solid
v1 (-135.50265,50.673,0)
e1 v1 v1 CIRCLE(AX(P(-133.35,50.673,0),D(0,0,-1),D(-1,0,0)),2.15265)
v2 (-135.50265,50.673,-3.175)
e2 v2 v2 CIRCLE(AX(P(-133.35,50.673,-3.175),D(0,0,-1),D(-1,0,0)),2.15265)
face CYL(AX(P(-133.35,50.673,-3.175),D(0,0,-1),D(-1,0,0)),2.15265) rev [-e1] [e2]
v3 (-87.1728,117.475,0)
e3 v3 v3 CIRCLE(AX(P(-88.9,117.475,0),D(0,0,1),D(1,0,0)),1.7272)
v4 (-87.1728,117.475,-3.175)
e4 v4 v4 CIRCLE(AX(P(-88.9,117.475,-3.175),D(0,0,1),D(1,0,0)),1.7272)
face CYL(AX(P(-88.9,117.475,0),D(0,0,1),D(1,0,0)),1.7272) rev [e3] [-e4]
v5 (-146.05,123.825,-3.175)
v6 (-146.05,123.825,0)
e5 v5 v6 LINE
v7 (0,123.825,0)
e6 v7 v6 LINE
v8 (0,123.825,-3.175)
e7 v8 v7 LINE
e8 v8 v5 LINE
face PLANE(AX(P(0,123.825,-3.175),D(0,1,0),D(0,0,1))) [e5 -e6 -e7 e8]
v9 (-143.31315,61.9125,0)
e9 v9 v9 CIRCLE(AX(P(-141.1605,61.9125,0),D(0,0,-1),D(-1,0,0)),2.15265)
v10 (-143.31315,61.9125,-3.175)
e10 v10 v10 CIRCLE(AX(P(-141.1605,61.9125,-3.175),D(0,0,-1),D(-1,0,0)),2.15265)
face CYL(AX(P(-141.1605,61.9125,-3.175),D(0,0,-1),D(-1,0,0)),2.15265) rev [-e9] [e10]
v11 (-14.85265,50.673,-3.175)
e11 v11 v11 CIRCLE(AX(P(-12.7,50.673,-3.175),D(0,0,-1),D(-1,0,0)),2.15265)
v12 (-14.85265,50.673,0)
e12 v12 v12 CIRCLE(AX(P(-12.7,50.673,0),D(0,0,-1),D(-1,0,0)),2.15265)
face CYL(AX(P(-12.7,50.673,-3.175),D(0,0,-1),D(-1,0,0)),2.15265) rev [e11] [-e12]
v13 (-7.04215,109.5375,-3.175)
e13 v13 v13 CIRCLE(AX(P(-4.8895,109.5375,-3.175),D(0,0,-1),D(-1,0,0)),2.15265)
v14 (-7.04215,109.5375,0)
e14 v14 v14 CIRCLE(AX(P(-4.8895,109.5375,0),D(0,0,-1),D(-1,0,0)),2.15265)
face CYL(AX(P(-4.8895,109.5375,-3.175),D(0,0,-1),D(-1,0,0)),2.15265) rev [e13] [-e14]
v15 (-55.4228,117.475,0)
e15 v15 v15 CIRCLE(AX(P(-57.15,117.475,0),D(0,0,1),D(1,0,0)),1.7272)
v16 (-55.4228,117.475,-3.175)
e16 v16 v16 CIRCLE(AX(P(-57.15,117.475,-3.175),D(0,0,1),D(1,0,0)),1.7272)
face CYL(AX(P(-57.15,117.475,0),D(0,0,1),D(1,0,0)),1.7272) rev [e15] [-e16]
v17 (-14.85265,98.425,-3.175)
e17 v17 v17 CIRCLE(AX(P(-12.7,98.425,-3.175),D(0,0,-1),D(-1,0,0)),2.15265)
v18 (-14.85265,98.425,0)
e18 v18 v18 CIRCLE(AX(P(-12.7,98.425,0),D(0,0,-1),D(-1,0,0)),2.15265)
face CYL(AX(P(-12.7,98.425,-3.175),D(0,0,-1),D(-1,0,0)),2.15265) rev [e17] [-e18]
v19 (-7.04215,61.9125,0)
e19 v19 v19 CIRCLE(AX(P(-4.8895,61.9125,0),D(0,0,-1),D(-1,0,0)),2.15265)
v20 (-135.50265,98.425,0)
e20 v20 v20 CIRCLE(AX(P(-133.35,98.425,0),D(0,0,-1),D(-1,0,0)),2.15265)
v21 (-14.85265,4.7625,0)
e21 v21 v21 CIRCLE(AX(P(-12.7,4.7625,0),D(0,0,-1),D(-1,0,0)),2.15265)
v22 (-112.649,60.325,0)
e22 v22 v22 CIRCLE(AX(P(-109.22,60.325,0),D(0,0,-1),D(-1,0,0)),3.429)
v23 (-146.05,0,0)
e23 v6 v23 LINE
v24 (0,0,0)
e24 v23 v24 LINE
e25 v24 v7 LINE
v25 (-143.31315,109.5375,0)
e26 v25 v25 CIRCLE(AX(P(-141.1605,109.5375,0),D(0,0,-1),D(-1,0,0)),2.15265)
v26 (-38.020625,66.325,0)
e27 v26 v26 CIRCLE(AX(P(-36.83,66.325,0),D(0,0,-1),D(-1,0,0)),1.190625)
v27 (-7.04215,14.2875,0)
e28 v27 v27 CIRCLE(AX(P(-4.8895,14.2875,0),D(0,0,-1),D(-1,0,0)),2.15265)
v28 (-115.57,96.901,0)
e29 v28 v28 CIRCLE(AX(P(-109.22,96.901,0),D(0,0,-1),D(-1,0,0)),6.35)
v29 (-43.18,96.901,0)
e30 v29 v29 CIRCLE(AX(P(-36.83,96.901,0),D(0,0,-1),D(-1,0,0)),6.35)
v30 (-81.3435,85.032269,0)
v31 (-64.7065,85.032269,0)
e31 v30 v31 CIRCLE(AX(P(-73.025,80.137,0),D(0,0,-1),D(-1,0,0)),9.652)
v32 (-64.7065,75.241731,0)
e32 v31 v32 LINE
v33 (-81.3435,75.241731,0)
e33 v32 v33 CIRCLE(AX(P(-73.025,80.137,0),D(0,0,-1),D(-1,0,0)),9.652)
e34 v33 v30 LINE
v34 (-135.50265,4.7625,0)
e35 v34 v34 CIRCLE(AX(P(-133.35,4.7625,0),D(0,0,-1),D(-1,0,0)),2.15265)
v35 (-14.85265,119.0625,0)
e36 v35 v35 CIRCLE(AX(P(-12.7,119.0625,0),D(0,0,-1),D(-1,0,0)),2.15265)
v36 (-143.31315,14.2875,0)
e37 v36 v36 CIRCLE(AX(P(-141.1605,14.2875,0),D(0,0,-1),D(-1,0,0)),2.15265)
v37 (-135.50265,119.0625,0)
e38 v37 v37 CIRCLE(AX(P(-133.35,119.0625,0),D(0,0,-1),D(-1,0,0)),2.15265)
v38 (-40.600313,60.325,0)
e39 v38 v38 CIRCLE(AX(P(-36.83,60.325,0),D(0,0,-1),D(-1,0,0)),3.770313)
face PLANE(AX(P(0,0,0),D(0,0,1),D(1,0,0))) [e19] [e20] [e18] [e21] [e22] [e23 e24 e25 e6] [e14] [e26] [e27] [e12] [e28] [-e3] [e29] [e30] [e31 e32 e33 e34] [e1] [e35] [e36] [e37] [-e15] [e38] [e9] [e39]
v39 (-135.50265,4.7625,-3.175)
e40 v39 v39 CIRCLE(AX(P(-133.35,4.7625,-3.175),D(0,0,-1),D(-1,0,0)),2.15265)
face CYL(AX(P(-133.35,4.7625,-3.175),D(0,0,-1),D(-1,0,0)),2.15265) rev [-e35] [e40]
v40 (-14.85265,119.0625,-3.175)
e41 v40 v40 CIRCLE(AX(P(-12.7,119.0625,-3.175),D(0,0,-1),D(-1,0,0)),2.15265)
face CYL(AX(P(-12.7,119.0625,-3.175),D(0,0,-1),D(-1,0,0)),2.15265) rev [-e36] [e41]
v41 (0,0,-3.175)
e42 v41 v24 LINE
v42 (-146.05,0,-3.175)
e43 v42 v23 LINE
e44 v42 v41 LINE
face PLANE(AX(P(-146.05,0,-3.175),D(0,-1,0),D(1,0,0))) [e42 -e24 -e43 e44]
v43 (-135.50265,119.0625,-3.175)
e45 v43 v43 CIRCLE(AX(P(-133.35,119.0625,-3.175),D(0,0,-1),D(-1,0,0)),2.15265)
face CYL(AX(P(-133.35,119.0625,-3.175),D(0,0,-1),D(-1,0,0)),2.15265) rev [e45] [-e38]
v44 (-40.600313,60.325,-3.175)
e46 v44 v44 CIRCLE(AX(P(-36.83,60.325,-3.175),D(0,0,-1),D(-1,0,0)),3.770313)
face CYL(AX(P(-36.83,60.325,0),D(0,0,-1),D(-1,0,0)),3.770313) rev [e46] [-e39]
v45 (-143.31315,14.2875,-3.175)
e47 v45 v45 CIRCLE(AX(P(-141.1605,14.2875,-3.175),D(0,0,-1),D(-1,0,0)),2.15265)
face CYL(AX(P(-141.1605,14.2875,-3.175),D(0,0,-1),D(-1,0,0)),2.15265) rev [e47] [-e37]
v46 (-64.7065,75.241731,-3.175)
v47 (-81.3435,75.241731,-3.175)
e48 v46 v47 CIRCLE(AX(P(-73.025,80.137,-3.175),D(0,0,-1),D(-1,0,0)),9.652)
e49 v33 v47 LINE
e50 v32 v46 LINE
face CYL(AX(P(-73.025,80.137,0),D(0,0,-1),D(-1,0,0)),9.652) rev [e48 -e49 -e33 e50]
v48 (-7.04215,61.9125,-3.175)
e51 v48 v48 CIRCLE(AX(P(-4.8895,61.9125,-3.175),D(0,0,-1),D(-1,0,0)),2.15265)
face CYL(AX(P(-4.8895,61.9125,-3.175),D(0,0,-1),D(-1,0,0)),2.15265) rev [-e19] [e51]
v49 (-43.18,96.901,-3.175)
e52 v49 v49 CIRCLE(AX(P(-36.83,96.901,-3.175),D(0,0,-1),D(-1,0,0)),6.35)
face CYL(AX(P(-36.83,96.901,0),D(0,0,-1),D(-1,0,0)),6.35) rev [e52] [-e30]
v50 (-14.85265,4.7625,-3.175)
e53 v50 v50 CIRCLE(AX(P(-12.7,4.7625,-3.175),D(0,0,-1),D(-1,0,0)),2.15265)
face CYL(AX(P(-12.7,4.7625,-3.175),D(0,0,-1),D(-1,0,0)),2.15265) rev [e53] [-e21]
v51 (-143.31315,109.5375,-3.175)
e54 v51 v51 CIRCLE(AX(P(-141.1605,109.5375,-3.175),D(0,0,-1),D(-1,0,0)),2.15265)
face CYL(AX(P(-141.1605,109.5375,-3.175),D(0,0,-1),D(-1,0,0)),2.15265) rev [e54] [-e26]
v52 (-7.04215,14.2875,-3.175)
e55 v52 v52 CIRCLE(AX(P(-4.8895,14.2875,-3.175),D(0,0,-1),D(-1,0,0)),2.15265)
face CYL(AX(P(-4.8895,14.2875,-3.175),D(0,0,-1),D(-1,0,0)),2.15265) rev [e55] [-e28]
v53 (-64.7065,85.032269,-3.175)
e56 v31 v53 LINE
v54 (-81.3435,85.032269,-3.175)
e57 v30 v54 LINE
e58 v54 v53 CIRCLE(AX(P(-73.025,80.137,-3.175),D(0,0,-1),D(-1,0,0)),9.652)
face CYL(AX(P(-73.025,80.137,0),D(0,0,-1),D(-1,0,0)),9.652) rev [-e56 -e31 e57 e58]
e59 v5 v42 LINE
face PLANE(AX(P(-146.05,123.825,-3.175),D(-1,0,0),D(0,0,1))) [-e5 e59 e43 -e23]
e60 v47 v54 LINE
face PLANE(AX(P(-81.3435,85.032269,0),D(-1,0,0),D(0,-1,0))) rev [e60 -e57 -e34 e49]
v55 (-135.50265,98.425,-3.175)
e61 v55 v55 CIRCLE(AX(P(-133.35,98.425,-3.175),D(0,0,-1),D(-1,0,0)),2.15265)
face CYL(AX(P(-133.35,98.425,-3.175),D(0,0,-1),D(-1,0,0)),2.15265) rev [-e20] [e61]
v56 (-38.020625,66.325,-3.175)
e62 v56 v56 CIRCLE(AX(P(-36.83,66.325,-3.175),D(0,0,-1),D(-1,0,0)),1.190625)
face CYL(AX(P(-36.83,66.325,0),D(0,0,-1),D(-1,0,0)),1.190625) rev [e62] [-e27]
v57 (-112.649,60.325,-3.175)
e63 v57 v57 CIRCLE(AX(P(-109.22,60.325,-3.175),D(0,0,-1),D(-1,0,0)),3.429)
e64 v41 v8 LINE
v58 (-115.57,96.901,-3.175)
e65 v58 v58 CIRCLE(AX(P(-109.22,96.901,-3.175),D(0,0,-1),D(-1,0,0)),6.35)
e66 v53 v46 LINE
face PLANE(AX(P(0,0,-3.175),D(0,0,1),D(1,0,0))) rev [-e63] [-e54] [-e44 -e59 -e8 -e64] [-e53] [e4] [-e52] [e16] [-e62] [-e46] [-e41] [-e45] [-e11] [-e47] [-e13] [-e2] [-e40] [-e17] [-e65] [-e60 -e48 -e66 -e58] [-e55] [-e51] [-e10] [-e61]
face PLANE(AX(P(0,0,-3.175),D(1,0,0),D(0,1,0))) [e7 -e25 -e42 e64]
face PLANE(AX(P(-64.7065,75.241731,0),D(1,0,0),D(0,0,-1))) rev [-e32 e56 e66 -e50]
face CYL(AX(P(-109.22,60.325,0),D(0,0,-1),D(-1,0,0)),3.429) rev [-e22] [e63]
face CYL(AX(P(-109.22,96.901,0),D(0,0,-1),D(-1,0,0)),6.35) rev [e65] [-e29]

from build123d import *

# Parameters (mm, degrees)
SKETCH1_W             = 146.05
SKETCH1_H             = 123.825
BOSS_EXTRUDE1_DEPTH   = 3.175
F_6_CLEARANCE_HOLE1_D = 4.3053
SKETCH4_R             = 6.35
SKETCH4_R_2           = 3.7703125
SKETCH4_R_3           = 3.429
SKETCH4_R_4           = 1.190625
CUT_EXTRUDE1_DEPTH    = 4.175
F_4_CLEARANCE_HOLE1_D = 3.4544


with BuildPart() as part:
    # Sketch1 → Boss-Extrude1 (new body)
    with BuildSketch(Plane.XY):
        with Locations((-73.025, 61.9125)):
            Rectangle(SKETCH1_W, SKETCH1_H)
    extrude(amount=-BOSS_EXTRUDE1_DEPTH)

    # #6 Clearance Hole1 (through all)
    with Locations(Plane(origin=(0, 0, -3.175), x_dir=(-1, 0, 0), z_dir=(0, 0, -1))):
        with Locations((12.7, 119.0625), (133.35, 119.0625), (141.1605, 109.5375), (133.35, 98.425), (141.1605, 61.9125), (133.35, 50.673), (133.35, 4.7625), (12.7, 4.7625), (12.7, 50.673), (12.7, 98.425), (4.8895, 109.5375), (141.1605, 14.2875), (4.8895, 14.2875), (4.8895, 61.9125)):
            Hole(F_6_CLEARANCE_HOLE1_D / 2)

    # Sketch4 → Cut-Extrude1 (cut, through all)
    with BuildSketch(Plane(origin=(0, 0, -3.175), x_dir=(-1, 0, 0), z_dir=(0, 0, -1))):
        with Locations((36.83, 96.901)):
            Circle(SKETCH4_R)
        with Locations((36.83, 60.325)):
            Circle(SKETCH4_R_2)
        with Locations((109.22, 60.325)):
            Circle(SKETCH4_R_3)
        with Locations((109.22, 96.901)):
            Circle(SKETCH4_R)
        with Locations((36.830000026, 66.325)):
            Circle(SKETCH4_R_4)
        with BuildLine():
            Line((81.3435, 85.032269324), (81.3435, 75.241730676))
            ThreePointArc((81.3435, 75.241730676), (73.025, 70.485), (64.7065, 75.241730676))
            Line((64.7065, 75.241730676), (64.7065, 85.032269324))
            ThreePointArc((64.7065, 85.032269324), (73.025, 89.789), (81.3435, 85.032269324))
        make_face()
    extrude(amount=-CUT_EXTRUDE1_DEPTH, mode=Mode.SUBTRACT)

    # #4 Clearance Hole1 (through all)
    with Locations(Plane.XY):
        with Locations((-88.9, 117.475), (-57.15, 117.475)):
            Hole(F_4_CLEARANCE_HOLE1_D / 2)


solid = part.part
